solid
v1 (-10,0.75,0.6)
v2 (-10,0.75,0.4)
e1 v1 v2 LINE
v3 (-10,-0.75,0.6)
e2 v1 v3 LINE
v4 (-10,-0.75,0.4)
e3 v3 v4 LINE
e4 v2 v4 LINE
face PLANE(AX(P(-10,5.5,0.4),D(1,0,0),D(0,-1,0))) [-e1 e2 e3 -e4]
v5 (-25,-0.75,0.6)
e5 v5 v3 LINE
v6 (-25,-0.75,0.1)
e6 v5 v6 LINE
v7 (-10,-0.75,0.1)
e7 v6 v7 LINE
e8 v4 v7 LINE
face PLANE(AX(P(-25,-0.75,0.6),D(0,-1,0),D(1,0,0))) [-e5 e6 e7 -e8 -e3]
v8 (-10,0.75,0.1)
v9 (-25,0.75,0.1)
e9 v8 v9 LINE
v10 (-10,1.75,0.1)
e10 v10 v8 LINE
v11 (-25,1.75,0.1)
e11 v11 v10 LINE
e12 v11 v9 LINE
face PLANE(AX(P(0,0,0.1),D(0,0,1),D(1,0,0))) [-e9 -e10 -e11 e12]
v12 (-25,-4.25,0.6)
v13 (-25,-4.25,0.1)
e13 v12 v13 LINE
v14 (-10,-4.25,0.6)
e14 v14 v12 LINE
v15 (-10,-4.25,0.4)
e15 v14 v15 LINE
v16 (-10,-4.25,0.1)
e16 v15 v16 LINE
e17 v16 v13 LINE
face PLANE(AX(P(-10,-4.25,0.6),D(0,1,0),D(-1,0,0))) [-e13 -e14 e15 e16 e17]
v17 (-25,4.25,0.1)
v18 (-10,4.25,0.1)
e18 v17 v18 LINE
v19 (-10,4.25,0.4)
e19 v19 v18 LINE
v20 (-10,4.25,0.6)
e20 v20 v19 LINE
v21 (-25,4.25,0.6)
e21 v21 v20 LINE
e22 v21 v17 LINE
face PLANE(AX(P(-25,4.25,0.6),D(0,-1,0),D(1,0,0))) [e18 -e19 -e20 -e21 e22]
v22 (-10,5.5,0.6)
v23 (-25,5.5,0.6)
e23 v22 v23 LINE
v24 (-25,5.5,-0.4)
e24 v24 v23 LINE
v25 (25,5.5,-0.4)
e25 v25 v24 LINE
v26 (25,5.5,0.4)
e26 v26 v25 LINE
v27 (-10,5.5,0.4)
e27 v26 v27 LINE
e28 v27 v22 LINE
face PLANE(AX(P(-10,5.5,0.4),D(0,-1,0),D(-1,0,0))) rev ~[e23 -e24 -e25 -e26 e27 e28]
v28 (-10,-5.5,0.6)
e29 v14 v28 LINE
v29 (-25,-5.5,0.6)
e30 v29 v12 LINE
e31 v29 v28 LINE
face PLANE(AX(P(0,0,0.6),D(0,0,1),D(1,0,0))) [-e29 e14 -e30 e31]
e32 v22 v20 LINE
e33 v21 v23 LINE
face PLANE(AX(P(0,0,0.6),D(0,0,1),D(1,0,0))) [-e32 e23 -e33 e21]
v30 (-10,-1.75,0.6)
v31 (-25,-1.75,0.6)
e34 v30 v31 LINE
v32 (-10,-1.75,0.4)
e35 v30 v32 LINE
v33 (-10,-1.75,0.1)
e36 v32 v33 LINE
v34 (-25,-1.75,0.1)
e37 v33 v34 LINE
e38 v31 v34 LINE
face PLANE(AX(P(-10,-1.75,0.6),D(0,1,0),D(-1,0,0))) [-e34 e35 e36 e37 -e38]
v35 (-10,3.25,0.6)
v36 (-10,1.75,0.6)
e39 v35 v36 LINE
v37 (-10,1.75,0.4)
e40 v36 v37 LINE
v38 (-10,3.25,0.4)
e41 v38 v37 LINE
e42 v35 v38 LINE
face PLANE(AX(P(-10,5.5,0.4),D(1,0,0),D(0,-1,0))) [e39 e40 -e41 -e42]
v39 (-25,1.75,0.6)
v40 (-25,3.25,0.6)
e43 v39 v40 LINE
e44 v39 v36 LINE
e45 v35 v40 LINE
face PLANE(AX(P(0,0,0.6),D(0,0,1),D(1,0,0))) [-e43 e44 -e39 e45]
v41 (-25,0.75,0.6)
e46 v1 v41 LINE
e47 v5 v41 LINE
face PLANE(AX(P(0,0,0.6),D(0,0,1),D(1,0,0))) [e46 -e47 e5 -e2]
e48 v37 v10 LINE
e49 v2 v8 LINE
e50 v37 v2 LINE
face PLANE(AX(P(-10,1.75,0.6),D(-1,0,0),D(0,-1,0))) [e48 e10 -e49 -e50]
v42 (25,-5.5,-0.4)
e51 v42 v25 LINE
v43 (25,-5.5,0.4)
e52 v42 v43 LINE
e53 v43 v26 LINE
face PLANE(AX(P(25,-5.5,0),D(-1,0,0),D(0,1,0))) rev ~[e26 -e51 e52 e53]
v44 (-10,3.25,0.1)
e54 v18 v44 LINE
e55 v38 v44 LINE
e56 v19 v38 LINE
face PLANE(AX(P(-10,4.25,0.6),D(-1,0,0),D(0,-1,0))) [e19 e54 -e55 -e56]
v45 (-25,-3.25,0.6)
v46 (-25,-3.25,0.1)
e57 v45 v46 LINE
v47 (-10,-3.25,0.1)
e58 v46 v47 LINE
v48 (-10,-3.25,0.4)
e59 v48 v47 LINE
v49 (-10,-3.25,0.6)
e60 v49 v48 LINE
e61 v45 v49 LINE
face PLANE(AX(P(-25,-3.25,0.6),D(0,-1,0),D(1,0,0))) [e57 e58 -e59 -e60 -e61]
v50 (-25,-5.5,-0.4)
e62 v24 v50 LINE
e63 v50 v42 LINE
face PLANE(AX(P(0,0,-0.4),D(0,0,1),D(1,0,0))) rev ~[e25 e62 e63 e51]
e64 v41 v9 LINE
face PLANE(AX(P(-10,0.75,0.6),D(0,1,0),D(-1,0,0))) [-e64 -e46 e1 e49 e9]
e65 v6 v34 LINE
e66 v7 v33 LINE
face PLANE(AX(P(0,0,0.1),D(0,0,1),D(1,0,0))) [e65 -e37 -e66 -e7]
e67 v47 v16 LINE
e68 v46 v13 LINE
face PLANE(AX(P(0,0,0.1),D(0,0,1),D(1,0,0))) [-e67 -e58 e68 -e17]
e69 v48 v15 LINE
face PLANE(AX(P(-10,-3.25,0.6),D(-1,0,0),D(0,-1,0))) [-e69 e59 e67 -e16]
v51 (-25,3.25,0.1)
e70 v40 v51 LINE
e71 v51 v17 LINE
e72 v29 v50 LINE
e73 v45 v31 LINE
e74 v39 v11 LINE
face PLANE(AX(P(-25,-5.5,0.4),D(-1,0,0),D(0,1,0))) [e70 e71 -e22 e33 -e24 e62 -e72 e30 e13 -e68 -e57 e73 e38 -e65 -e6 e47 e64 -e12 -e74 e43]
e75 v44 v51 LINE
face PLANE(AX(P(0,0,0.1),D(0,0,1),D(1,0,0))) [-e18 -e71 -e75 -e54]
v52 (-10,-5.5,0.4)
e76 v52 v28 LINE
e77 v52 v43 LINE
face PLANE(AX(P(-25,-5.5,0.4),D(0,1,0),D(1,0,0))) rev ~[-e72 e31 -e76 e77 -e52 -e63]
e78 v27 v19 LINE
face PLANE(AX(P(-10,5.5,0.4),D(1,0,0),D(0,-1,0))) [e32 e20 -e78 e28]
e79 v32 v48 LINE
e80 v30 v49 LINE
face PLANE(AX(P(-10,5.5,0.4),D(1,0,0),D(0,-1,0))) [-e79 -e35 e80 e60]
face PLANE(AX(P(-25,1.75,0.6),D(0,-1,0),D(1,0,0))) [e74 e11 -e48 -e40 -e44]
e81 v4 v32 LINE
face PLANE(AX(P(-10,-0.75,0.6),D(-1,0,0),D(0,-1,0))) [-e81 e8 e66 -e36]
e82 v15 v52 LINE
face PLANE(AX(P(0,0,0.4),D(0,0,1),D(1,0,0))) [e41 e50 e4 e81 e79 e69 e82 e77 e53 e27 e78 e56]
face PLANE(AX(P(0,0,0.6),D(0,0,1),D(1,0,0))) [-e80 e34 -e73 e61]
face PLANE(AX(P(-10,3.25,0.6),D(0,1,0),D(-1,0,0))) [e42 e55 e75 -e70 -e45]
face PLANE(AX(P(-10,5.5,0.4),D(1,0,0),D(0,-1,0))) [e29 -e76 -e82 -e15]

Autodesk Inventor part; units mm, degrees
ref_plane "YZ Plane" through (0, 0, 0) normal (1, 0, 0) x (0, 1, 0)
ref_plane "XZ Plane" through (0, 0, 0) normal (0, 1, 0) x (-1, 0, 0)
sketch "Sketch1" plane through (0, 0, 0) normal (0, 0, 1) x (1, 0, 0)
  line L0 (-25, -5.5) -> (25, -5.5)
  line L1 (25, -5.5) -> (25, 5.5)
  line L2 (25, 5.5) -> (-25, 5.5)
  line L3 (-25, 5.5) -> (-25, -5.5)
  line L4 (-25, -5.5) -> (25, 5.5) construction
  line L5 (25, -5.5) -> (-25, 5.5) construction
  point P0 (0, 0)
  dimension "d0" = 50
  dimension "d1" = 11
extrude "Extrusion1" add sketch "Sketch1" along normal mid plane 0.8
sketch "Sketch2" plane through (0, 0, 0.4) normal (0, 0, 1) x (1, 0, 0)
  line L0 (25, 5.5) -> (-25, 5.5) projected
  line L1 (-25, -5.5) -> (25, -5.5) projected
  line L2 (-25, 5.5) -> (-10, 5.5)
  line L3 (-10, 5.5) -> (-10, -5.5)
  line L4 (-10, -5.5) -> (-25, -5.5)
  line L5 (-25, -5.5) -> (-25, 5.5)
  point P0 (0, 0)
  dimension "d4" = 15
  dimension "d5" = 11
extrude "Extrusion2" add sketch "Sketch2" along normal blind 0.2
sketch "Sketch3" plane through (0, 0, 0.6) normal (0, 0, 1) x (1, 0, 0)
  line L0 (-25, 4.25) -> (-10, 4.25)
  line L1 (-10, 4.25) -> (-10, 3.25)
  line L2 (-10, 3.25) -> (-25, 3.25)
  line L3 (-25, 3.25) -> (-25, 4.25)
  line L4 (-25, 5.5) -> (-25, -5.5) projected
  line L5 (-10, 5.5) -> (-25, 5.5) projected
  line L6 (-10, 0.75) -> (-25, 0.75)
  line L7 (-10, 1.75) -> (-10, 0.75)
  line L8 (-25, 1.75) -> (-10, 1.75)
  line L9 (-25, 0.75) -> (-25, 1.75)
  line L10 (-10, -1.75) -> (-25, -1.75)
  line L11 (-10, -0.75) -> (-10, -1.75)
  line L12 (-25, -0.75) -> (-10, -0.75)
  line L13 (-25, -1.75) -> (-25, -0.75)
  line L14 (-10, -4.25) -> (-25, -4.25)
  line L15 (-10, -3.25) -> (-10, -4.25)
  line L16 (-25, -3.25) -> (-10, -3.25)
  line L17 (-25, -4.25) -> (-25, -3.25)
  point P0 (0, 0)
  dimension "d8" = 15
  dimension "d9" = 1
  dimension "d10" = 1.25
  dimension "d13" = 2.5
extrude "Extrusion3" cut sketch "Sketch3" against normal blind 0.5
ref_plane "Work Plane1" through (0, 0, 20.4) normal (0, 0, 1) x (1, 0, 0)
sketch "Sketch4" plane through (0, 0, 20.4) normal (0, 0, 1) x (1, 0, 0)
  line L0 (-10, 5.5) -> (-25, 5.5) projected
  line L1 (-9.9335, 7.1739) -> (25.0665, 7.1739) construction
  line L2 (25.0665, 7.1739) -> (25.0665, -7.4481) construction
  line L3 (25.0665, -7.4481) -> (-9.9335, -7.4481) construction
  line L4 (-9.9335, -7.4481) -> (-9.9335, 7.1739) construction
  point P0 (0, 0)
  dimension "d56" = 35
decal "Decal1"
sketch "Sketch5" plane through (0, 0, 20.4) normal (0, 0, 1) x (1, 0, 0)
  point P0 (0, 0)
properties part number "Pen2" material "Acetal Resin, Black"
